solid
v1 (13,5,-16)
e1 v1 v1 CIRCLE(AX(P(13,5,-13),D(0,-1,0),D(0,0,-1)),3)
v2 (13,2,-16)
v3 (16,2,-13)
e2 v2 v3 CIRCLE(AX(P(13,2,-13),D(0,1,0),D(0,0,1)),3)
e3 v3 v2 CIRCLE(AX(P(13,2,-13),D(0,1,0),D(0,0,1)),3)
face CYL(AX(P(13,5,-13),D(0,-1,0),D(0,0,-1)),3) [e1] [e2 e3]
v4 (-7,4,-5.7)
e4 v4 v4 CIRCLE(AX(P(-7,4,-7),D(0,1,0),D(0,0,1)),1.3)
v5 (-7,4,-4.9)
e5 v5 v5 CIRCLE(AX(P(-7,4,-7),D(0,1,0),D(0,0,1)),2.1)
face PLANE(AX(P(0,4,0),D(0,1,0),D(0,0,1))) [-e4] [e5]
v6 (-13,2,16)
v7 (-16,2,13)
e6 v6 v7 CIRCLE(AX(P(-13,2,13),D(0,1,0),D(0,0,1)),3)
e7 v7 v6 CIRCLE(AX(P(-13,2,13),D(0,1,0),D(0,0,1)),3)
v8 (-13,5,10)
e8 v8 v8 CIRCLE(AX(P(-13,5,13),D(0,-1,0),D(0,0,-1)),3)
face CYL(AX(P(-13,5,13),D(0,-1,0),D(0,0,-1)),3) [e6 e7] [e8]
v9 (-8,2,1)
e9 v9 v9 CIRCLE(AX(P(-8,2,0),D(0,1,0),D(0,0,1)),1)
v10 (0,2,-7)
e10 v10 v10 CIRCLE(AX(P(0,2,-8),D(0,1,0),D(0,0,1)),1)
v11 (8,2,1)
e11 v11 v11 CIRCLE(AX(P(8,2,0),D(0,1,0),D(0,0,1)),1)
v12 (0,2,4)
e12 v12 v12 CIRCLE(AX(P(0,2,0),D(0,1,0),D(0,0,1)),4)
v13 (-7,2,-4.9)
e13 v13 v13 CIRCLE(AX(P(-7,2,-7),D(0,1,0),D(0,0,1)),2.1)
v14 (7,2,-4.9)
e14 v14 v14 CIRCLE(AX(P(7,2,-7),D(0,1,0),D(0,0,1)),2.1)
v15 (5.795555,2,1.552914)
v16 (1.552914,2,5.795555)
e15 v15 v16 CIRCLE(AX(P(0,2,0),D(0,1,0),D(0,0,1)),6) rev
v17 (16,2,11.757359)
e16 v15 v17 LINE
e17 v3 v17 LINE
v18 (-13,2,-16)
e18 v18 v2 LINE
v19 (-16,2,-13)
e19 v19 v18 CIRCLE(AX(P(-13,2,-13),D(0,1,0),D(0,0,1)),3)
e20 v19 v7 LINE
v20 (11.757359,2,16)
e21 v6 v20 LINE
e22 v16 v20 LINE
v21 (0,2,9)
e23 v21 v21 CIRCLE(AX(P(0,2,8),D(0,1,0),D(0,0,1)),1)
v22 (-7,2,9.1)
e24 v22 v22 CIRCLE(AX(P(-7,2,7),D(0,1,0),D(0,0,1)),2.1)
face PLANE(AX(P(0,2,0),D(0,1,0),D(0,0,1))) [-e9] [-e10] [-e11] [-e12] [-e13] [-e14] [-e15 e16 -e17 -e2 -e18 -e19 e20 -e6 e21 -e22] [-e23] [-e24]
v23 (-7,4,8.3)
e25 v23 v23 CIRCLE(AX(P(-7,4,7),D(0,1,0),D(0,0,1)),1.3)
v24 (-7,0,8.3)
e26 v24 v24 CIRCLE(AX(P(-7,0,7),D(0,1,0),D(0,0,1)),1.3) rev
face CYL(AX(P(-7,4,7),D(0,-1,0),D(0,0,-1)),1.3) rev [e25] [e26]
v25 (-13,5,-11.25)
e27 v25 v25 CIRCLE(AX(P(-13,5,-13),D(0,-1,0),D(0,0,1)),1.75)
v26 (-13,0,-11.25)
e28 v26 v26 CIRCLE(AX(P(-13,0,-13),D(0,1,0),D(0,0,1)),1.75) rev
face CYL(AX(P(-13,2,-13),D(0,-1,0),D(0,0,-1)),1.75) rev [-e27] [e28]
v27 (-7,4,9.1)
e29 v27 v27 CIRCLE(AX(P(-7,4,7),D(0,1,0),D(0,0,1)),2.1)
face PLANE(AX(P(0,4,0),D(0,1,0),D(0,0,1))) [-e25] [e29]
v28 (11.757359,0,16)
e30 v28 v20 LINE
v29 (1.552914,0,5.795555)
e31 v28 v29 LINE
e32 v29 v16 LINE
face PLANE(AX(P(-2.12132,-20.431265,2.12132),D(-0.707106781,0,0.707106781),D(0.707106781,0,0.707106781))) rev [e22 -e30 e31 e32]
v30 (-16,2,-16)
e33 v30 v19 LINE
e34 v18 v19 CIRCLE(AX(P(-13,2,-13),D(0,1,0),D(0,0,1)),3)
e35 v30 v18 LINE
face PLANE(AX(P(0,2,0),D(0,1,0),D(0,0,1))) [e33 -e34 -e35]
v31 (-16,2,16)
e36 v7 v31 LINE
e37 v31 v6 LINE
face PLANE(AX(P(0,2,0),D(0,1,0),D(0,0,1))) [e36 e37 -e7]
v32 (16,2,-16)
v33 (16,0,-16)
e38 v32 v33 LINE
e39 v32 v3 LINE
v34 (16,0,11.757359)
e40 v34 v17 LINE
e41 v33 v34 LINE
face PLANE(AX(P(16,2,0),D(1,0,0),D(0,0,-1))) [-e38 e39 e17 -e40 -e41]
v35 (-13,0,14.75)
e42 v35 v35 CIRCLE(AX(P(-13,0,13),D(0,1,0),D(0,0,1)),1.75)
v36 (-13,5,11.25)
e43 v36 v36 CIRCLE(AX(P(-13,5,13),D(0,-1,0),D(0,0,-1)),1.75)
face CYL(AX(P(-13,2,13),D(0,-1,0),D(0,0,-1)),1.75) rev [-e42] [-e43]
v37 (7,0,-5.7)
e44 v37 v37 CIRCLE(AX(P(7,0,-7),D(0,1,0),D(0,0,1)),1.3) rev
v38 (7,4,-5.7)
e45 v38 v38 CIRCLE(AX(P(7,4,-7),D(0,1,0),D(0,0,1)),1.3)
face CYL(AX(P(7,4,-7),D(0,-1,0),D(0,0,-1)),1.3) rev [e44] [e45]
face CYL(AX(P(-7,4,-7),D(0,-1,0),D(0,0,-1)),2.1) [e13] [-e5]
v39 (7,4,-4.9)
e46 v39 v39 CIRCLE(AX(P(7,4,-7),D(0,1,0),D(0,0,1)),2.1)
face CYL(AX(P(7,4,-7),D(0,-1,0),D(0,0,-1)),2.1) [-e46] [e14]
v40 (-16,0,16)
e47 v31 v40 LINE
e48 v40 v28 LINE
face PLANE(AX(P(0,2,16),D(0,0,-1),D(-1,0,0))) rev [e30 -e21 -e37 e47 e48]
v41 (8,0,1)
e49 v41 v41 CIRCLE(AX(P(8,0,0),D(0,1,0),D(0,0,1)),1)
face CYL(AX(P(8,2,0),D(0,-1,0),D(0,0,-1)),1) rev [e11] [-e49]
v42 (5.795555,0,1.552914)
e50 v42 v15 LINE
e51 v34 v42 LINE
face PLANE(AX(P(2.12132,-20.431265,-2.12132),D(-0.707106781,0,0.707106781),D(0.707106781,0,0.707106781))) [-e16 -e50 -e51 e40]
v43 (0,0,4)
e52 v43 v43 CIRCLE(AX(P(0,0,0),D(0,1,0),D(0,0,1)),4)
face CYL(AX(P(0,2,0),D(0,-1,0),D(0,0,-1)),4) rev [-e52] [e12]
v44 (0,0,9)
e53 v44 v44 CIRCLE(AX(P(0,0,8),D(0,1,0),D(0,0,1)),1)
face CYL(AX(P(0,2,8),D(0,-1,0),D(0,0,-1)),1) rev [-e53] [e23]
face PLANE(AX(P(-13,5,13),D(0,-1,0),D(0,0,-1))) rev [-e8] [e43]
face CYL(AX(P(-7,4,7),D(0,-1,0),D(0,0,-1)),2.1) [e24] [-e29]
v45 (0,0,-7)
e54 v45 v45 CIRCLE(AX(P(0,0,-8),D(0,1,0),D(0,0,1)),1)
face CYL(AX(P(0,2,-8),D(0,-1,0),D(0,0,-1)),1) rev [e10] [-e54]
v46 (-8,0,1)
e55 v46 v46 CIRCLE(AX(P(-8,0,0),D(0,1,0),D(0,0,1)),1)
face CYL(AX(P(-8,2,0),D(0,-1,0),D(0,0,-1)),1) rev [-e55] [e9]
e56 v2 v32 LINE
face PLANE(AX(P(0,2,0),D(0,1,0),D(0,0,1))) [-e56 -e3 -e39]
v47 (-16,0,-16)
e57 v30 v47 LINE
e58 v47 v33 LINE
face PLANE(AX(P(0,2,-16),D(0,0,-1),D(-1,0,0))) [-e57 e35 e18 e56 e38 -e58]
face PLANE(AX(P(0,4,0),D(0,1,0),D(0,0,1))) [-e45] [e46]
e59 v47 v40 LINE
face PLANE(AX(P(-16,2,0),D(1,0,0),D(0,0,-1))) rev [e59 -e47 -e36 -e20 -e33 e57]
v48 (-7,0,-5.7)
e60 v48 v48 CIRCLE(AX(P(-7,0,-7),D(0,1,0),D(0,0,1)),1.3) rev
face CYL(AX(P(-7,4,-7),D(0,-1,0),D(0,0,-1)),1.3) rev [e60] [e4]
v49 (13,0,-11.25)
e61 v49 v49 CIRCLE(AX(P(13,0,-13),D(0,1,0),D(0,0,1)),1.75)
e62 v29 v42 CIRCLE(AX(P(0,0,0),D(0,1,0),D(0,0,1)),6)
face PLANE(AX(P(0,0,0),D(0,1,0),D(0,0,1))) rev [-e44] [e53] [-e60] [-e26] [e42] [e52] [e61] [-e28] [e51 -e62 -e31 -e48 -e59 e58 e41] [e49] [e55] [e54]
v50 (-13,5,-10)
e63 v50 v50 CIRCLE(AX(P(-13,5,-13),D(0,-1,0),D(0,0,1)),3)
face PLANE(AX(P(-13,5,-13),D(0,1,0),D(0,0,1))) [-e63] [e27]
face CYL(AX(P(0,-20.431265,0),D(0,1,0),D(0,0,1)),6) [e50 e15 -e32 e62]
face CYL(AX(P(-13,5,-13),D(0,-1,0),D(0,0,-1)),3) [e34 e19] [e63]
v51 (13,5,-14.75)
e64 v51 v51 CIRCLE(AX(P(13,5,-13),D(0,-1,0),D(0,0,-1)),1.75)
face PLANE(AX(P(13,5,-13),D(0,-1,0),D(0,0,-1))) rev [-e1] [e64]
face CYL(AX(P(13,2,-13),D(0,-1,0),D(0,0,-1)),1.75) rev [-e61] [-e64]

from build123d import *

# Parameters (mm, degrees)
SKETCH_1_W          = 32
SKETCH_1_H          = 32
SKETCH_1_R          = 1
SKETCH_1_R_2        = 4
SKETCH_1_R_3        = 1.75
EXTRUDE_1_DEPTH     = 2
SKETCH_2_R          = 2.1
SKETCH_2_R_2        = 1.3
EXTRUDE_3_DEPTH     = 2
CUT_EXTRUDE_START   = -2
SKETCH_2_6_R        = 1.3
SKETCH_2_6_R_2      = 1.75
SKETCH_2_6_R_3      = 2.1
CUT_EXTRUDE_2_DEPTH = 2
SKETCH_3_R          = 3
SKETCH_3_R_2        = 1.75
EXTRUDE_5_DEPTH     = 5


with BuildPart() as part:
    # 草图1 → 凸台-拉伸1 (new body)
    with BuildSketch(Plane(origin=(0, 0, 0), x_dir=(1, 0, 0), z_dir=(0, 1, 0))):
        Rectangle(SKETCH_1_W, SKETCH_1_H)
        with Locations(Location((8, 0, 0), (0, 0, 270))):
            Circle(SKETCH_1_R, mode=Mode.SUBTRACT)
        with Locations(Location((0, -8, 0), (0, 0, 270))):
            Circle(SKETCH_1_R, mode=Mode.SUBTRACT)
        with Locations(Location((-8, 0, 0), (0, 0, 270))):
            Circle(SKETCH_1_R, mode=Mode.SUBTRACT)
        with Locations(Location((0, 8, 0), (0, 0, 270))):
            Circle(SKETCH_1_R, mode=Mode.SUBTRACT)
        with Locations(Location((0, 0, 0), (0, 0, 270))):
            Circle(SKETCH_1_R_2, mode=Mode.SUBTRACT)
        with Locations(Location((13, 13, 0), (0, 0, 270))):
            Circle(SKETCH_1_R_3, mode=Mode.SUBTRACT)
        with Locations(Location((-13, 13, 0), (0, 0, 270))):
            Circle(SKETCH_1_R_3, mode=Mode.SUBTRACT)
        with Locations(Location((13, -13, 0), (0, 0, 270))):
            Circle(SKETCH_1_R_3, mode=Mode.SUBTRACT)
        with Locations(Location((-13, -13, 0), (0, 0, 270))):
            Circle(SKETCH_1_R_3, mode=Mode.SUBTRACT)
    extrude(amount=EXTRUDE_1_DEPTH)

    # 草图2 → 凸台-拉伸3 (add)
    # profile 1 of 3: a face of its own
    with BuildSketch(Plane(origin=(0, 2, 0), x_dir=(1, 0, 0), z_dir=(0, 1, 0))):
        with Locations(Location((-7, -7, 0), (0, 0, 270))):
            Circle(SKETCH_2_R)
        with Locations(Location((-7, -7, 0), (0, 0, 270))):
            Circle(SKETCH_2_R_2, mode=Mode.SUBTRACT)
    # profile 2 of 3: a face of its own
    with BuildSketch(Plane(origin=(0, 2, 0), x_dir=(1, 0, 0), z_dir=(0, 1, 0))):
        with Locations(Location((-7, 7, 0), (0, 0, 270))):
            Circle(SKETCH_2_R)
        with Locations(Location((-7, 7, 0), (0, 0, 270))):
            Circle(SKETCH_2_R_2, mode=Mode.SUBTRACT)
    # profile 3 of 3: a face of its own
    with BuildSketch(Plane(origin=(0, 2, 0), x_dir=(1, 0, 0), z_dir=(0, 1, 0))):
        with Locations(Location((7, 7, 0), (0, 0, 270))):
            Circle(SKETCH_2_R)
        with Locations(Location((7, 7, 0), (0, 0, 270))):
            Circle(SKETCH_2_R_2, mode=Mode.SUBTRACT)
    extrude(amount=EXTRUDE_3_DEPTH)

    # 草图2<6> → 切除-拉伸2 (cut)
    # profile 1 of 6: a face of its own
    with BuildSketch(Plane(origin=(0, 2, 0), x_dir=(1, 0, 0), z_dir=(0, 1, 0)).offset(CUT_EXTRUDE_START)):
        with Locations(Location((-7, 7, 0), (0, 0, 270))):
            Circle(SKETCH_2_6_R)
    # profile 2 of 6: a face of its own
    with BuildSketch(Plane(origin=(0, 2, 0), x_dir=(1, 0, 0), z_dir=(0, 1, 0)).offset(CUT_EXTRUDE_START)):
        with Locations(Location((-7, -7, 0), (0, 0, 270))):
            Circle(SKETCH_2_6_R)
    # profile 3 of 6: a face of its own
    with BuildSketch(Plane(origin=(0, 2, 0), x_dir=(1, 0, 0), z_dir=(0, 1, 0)).offset(CUT_EXTRUDE_START)):
        with Locations(Location((7, 7, 0), (0, 0, 270))):
            Circle(SKETCH_2_6_R)
    # profile 4 of 6: a face of its own
    with BuildSketch(Plane(origin=(0, 2, 0), x_dir=(1, 0, 0), z_dir=(0, 1, 0)).offset(CUT_EXTRUDE_START)):
        with BuildLine():
            Line((16, -11.757359313), (5.795554958, -1.552914271))
            ThreePointArc((5.795554958, -1.552914271), (4.242640687, -4.242640687), (1.552914271, -5.795554958))
            Line((1.552914271, -5.795554958), (11.757359313, -16))
            Line((11.757359313, -16), (16, -16))
            Line((16, -16), (16, -11.757359313))
        make_face()
        with Locations((13, -13)):
            Circle(SKETCH_2_6_R_2, mode=Mode.SUBTRACT)
        with Locations((7, -7)):
            Circle(SKETCH_2_6_R_3, mode=Mode.SUBTRACT)
    # profile 5 of 6: a face of its own
    with BuildSketch(Plane(origin=(0, 2, 0), x_dir=(1, 0, 0), z_dir=(0, 1, 0)).offset(CUT_EXTRUDE_START)):
        with Locations((7, -7)):
            Circle(SKETCH_2_6_R_3)
        with Locations((7, -7)):
            Circle(SKETCH_2_6_R, mode=Mode.SUBTRACT)
    # profile 6 of 6: a face of its own
    with BuildSketch(Plane(origin=(0, 2, 0), x_dir=(1, 0, 0), z_dir=(0, 1, 0)).offset(CUT_EXTRUDE_START)):
        with Locations((7, -7)):
            Circle(SKETCH_2_6_R)
    extrude(amount=CUT_EXTRUDE_2_DEPTH, mode=Mode.SUBTRACT)

    # 草图3 → 凸台-拉伸5 (add)
    # profile 1 of 3: a face of its own
    with BuildSketch(Plane.XZ):
        with Locations(Location((-13, 13, 0), (0, 0, 270))):
            Circle(SKETCH_3_R)
        with Locations(Location((-13, 13, 0), (0, 0, 270))):
            Circle(SKETCH_3_R_2, mode=Mode.SUBTRACT)
    # profile 2 of 3: a face of its own
    with BuildSketch(Plane.XZ):
        with Locations(Location((-13, -13, 0), (0, 0, 270))):
            Circle(SKETCH_3_R)
        with Locations(Location((-13, -13, 0), (0, 0, 90))):
            Circle(SKETCH_3_R_2, mode=Mode.SUBTRACT)
    # profile 3 of 3: a face of its own
    with BuildSketch(Plane.XZ):
        with Locations(Location((13, -13, 0), (0, 0, 270))):
            Circle(SKETCH_3_R)
        with Locations(Location((13, -13, 0), (0, 0, 270))):
            Circle(SKETCH_3_R_2, mode=Mode.SUBTRACT)
    extrude(amount=-EXTRUDE_5_DEPTH)


solid = part.part
